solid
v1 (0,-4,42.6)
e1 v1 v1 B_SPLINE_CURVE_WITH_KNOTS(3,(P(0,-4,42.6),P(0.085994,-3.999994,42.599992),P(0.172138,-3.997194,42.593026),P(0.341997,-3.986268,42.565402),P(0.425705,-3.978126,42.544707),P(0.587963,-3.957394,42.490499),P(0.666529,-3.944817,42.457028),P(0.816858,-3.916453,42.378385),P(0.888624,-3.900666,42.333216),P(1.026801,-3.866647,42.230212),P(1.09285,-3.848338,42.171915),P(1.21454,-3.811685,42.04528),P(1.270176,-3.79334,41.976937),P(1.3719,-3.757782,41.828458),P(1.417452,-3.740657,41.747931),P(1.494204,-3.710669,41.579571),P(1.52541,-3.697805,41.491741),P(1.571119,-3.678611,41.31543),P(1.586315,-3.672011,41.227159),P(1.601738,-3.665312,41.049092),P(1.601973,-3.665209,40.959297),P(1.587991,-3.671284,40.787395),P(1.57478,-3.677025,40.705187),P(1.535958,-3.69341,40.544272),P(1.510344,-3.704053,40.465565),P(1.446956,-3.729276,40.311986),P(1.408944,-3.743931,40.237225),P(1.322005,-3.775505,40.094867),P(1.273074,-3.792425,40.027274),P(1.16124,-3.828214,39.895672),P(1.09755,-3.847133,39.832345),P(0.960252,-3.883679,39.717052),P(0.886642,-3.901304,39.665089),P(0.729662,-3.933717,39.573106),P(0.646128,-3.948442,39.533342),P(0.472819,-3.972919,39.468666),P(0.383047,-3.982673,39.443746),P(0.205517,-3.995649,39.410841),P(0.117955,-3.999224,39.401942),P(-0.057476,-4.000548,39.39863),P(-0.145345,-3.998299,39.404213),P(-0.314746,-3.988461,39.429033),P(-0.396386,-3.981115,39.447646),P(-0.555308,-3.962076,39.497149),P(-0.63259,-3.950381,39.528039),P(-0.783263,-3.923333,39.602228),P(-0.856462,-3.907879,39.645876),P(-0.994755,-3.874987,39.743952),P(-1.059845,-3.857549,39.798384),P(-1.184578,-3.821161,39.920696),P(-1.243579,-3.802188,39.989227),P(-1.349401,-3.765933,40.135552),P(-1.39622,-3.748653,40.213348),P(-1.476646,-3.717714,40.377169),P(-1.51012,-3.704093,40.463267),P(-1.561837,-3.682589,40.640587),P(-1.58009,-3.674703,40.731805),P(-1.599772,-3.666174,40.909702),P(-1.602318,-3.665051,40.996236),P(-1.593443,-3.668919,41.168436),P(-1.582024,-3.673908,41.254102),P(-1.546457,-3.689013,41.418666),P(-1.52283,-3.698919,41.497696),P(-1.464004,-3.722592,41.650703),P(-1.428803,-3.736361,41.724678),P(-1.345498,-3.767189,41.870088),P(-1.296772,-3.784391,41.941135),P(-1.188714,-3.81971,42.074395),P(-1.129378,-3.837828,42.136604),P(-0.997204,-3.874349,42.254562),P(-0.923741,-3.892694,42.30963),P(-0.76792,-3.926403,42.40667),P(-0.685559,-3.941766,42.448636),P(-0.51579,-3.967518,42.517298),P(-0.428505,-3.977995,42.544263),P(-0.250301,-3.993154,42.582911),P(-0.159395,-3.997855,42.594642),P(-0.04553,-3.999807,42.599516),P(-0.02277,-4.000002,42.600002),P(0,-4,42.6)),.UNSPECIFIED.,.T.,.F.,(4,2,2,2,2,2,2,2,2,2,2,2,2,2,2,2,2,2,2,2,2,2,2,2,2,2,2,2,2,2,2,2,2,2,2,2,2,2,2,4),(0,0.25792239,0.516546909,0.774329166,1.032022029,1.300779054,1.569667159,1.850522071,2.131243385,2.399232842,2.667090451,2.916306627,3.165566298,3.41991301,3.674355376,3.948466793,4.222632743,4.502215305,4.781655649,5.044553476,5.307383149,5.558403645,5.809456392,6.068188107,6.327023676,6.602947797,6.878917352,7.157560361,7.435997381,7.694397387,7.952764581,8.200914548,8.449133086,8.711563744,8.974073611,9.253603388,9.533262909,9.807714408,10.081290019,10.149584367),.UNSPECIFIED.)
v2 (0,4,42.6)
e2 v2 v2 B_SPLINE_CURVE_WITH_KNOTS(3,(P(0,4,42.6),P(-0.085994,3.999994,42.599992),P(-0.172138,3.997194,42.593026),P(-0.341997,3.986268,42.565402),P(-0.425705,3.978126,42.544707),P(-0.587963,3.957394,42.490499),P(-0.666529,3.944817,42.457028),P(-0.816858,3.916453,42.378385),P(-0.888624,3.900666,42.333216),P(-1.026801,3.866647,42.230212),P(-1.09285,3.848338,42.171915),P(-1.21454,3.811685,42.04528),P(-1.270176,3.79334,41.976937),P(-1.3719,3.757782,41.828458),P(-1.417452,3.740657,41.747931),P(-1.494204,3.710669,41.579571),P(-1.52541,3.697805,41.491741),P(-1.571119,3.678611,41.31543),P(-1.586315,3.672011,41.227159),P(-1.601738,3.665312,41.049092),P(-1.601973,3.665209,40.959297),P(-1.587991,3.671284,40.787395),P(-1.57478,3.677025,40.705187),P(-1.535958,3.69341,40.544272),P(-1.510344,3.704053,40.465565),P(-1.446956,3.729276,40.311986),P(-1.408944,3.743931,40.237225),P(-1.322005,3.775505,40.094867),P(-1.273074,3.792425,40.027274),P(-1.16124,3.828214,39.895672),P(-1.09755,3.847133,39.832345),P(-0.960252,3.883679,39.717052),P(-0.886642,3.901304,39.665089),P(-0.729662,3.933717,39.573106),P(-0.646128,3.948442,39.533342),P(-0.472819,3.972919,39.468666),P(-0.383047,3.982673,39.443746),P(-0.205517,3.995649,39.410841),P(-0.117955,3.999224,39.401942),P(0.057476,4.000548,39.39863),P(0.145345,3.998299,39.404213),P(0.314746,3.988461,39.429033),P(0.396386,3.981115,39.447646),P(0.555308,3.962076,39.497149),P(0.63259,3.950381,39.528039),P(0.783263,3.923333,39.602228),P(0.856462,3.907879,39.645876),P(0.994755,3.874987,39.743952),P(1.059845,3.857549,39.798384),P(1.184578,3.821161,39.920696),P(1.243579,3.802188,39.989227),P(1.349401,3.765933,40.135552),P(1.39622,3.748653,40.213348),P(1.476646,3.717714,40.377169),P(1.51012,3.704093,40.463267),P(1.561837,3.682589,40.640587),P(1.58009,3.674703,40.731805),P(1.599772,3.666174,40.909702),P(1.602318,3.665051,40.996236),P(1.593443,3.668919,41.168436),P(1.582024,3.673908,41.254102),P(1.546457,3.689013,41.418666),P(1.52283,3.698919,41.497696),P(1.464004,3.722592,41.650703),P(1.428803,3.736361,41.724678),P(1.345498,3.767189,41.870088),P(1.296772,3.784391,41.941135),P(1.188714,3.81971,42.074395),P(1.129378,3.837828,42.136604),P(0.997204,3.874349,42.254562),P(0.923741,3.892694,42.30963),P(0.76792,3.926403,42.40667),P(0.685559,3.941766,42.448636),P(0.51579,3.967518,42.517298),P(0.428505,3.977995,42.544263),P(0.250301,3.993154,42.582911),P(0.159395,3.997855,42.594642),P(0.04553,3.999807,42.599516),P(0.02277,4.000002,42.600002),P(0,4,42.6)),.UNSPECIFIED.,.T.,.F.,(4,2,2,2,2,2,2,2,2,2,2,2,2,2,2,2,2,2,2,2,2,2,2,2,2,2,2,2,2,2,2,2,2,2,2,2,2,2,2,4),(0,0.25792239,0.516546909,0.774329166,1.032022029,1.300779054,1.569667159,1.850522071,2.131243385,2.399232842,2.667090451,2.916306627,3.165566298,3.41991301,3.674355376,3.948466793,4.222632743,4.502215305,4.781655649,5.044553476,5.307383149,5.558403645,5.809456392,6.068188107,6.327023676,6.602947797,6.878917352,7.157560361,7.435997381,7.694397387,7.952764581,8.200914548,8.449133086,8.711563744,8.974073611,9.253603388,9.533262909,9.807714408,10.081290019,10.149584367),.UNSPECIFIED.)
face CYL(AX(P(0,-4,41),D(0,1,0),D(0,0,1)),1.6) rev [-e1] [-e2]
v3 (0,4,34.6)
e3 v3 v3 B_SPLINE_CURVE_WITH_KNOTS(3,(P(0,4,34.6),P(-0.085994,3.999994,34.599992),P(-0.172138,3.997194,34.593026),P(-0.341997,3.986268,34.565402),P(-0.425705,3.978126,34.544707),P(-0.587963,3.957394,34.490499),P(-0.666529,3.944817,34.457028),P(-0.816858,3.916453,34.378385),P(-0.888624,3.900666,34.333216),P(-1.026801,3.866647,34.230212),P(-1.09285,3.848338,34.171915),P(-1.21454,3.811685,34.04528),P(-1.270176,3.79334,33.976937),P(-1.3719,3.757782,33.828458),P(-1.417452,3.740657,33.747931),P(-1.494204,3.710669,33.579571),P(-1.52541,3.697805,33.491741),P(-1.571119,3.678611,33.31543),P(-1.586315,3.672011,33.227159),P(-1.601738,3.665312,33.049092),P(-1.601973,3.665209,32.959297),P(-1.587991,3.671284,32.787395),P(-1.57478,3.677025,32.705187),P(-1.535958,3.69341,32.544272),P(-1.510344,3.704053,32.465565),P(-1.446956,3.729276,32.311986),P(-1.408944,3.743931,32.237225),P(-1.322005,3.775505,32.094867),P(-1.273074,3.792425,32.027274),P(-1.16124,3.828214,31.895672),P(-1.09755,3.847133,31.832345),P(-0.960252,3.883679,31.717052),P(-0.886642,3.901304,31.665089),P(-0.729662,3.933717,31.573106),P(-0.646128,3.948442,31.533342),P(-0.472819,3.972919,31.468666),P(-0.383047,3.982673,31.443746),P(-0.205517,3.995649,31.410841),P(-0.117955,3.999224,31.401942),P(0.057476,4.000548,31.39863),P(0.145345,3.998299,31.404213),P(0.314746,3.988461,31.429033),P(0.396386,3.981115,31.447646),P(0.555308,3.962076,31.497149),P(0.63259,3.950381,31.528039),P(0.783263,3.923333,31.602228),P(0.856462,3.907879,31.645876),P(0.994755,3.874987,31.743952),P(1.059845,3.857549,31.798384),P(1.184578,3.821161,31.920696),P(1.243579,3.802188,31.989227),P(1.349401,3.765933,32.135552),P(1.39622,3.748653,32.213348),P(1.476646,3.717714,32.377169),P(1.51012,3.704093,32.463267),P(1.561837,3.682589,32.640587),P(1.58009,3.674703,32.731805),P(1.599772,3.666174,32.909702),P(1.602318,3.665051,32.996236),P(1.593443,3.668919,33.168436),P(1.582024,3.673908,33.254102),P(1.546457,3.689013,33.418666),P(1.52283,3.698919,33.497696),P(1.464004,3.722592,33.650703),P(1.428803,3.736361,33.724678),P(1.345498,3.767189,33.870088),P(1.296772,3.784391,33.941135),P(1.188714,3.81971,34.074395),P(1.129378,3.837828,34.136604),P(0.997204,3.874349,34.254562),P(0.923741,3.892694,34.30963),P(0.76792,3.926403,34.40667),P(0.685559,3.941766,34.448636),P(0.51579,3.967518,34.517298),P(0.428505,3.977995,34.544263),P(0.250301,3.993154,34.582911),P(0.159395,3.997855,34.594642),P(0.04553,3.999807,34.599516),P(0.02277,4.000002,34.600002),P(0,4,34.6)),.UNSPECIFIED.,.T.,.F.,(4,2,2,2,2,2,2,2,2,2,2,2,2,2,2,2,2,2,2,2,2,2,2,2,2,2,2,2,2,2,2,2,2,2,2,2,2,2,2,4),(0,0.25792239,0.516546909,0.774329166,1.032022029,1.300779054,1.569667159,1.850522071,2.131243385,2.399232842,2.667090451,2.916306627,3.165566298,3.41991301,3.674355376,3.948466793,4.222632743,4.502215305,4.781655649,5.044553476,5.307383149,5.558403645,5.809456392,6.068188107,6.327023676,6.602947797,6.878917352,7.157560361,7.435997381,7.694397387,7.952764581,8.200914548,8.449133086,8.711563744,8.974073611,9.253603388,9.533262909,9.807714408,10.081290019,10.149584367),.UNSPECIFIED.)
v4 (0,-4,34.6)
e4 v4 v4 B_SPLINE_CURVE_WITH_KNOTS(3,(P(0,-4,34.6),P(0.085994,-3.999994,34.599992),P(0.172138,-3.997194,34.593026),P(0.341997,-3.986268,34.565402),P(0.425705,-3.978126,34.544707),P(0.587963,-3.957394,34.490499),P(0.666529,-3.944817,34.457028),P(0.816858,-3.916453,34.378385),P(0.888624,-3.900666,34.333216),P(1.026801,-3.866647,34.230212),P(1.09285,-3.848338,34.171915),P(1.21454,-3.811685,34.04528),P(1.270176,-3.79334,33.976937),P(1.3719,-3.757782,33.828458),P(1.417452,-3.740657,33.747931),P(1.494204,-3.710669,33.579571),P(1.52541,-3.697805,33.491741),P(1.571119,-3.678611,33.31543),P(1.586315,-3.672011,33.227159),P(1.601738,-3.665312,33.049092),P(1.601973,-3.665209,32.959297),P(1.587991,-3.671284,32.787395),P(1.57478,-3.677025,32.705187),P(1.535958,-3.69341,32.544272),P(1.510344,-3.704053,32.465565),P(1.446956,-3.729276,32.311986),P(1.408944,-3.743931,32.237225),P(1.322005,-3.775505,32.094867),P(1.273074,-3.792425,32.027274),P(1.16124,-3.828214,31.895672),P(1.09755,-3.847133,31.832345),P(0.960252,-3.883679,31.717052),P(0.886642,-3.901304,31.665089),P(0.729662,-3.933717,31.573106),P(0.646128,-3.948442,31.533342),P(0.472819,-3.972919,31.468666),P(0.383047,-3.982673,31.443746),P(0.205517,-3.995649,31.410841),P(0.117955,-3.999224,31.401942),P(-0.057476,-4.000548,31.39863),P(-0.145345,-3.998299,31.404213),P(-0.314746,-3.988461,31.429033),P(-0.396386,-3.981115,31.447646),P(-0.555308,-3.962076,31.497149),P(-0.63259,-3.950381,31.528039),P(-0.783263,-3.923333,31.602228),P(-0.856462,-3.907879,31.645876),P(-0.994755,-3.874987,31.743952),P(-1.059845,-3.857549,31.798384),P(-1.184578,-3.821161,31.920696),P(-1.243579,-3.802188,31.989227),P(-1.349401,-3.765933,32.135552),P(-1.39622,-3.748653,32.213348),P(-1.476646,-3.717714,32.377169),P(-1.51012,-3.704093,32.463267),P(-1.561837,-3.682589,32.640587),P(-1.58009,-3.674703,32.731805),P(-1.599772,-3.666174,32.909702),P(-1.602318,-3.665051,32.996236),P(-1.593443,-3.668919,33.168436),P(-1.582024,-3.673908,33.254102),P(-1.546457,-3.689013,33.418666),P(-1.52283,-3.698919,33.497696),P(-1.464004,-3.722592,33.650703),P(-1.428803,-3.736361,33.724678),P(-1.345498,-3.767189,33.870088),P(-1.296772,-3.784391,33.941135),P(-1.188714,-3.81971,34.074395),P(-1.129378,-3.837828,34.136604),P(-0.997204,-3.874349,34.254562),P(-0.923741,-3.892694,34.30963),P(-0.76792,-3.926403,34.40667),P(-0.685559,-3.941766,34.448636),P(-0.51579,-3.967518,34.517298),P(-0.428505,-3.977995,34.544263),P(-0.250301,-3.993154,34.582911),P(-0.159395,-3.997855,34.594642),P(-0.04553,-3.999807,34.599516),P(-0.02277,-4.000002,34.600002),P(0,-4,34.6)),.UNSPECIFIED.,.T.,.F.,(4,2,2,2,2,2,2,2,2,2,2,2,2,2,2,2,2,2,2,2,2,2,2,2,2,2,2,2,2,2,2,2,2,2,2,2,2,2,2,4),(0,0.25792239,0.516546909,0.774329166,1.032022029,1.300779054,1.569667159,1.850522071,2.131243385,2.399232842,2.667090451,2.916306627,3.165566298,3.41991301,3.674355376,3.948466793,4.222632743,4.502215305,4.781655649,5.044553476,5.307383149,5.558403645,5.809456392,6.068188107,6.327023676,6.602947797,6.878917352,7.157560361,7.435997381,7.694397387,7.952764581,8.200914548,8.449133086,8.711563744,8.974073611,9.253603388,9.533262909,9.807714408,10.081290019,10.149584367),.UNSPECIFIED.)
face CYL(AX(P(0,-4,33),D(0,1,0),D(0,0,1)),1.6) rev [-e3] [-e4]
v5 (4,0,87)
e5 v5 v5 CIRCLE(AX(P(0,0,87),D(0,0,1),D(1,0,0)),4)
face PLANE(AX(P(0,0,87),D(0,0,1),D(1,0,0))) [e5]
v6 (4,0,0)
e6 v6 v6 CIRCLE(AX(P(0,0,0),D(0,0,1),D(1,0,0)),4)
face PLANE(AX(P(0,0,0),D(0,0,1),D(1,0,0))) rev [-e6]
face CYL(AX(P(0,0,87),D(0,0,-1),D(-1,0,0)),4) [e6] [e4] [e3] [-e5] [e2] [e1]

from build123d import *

# Parameters (mm, degrees)
SKETCH_304_R          = 4
EXTRUDE_349_DEPTH     = 87
SKETCH_433_R          = 1.6
CUT_EXTRUDE_530_DEPTH = 88.458561616


with BuildPart() as part:
    # Sketch 304 → Extrude 349 (new body)
    with BuildSketch(Plane.XY):
        Circle(SKETCH_304_R)
    extrude(amount=EXTRUDE_349_DEPTH)

    # Sketch 433 → Cut-Extrude 530 (cut, through all)
    with BuildSketch(Plane(origin=(0, 4, 0), x_dir=(1, 0, 0), z_dir=(0, 1, 0))):
        with Locations((0, -33)):
            Circle(SKETCH_433_R)
        with Locations((0, -41)):
            Circle(SKETCH_433_R)
    extrude(amount=-CUT_EXTRUDE_530_DEPTH, mode=Mode.SUBTRACT)


solid = part.part
